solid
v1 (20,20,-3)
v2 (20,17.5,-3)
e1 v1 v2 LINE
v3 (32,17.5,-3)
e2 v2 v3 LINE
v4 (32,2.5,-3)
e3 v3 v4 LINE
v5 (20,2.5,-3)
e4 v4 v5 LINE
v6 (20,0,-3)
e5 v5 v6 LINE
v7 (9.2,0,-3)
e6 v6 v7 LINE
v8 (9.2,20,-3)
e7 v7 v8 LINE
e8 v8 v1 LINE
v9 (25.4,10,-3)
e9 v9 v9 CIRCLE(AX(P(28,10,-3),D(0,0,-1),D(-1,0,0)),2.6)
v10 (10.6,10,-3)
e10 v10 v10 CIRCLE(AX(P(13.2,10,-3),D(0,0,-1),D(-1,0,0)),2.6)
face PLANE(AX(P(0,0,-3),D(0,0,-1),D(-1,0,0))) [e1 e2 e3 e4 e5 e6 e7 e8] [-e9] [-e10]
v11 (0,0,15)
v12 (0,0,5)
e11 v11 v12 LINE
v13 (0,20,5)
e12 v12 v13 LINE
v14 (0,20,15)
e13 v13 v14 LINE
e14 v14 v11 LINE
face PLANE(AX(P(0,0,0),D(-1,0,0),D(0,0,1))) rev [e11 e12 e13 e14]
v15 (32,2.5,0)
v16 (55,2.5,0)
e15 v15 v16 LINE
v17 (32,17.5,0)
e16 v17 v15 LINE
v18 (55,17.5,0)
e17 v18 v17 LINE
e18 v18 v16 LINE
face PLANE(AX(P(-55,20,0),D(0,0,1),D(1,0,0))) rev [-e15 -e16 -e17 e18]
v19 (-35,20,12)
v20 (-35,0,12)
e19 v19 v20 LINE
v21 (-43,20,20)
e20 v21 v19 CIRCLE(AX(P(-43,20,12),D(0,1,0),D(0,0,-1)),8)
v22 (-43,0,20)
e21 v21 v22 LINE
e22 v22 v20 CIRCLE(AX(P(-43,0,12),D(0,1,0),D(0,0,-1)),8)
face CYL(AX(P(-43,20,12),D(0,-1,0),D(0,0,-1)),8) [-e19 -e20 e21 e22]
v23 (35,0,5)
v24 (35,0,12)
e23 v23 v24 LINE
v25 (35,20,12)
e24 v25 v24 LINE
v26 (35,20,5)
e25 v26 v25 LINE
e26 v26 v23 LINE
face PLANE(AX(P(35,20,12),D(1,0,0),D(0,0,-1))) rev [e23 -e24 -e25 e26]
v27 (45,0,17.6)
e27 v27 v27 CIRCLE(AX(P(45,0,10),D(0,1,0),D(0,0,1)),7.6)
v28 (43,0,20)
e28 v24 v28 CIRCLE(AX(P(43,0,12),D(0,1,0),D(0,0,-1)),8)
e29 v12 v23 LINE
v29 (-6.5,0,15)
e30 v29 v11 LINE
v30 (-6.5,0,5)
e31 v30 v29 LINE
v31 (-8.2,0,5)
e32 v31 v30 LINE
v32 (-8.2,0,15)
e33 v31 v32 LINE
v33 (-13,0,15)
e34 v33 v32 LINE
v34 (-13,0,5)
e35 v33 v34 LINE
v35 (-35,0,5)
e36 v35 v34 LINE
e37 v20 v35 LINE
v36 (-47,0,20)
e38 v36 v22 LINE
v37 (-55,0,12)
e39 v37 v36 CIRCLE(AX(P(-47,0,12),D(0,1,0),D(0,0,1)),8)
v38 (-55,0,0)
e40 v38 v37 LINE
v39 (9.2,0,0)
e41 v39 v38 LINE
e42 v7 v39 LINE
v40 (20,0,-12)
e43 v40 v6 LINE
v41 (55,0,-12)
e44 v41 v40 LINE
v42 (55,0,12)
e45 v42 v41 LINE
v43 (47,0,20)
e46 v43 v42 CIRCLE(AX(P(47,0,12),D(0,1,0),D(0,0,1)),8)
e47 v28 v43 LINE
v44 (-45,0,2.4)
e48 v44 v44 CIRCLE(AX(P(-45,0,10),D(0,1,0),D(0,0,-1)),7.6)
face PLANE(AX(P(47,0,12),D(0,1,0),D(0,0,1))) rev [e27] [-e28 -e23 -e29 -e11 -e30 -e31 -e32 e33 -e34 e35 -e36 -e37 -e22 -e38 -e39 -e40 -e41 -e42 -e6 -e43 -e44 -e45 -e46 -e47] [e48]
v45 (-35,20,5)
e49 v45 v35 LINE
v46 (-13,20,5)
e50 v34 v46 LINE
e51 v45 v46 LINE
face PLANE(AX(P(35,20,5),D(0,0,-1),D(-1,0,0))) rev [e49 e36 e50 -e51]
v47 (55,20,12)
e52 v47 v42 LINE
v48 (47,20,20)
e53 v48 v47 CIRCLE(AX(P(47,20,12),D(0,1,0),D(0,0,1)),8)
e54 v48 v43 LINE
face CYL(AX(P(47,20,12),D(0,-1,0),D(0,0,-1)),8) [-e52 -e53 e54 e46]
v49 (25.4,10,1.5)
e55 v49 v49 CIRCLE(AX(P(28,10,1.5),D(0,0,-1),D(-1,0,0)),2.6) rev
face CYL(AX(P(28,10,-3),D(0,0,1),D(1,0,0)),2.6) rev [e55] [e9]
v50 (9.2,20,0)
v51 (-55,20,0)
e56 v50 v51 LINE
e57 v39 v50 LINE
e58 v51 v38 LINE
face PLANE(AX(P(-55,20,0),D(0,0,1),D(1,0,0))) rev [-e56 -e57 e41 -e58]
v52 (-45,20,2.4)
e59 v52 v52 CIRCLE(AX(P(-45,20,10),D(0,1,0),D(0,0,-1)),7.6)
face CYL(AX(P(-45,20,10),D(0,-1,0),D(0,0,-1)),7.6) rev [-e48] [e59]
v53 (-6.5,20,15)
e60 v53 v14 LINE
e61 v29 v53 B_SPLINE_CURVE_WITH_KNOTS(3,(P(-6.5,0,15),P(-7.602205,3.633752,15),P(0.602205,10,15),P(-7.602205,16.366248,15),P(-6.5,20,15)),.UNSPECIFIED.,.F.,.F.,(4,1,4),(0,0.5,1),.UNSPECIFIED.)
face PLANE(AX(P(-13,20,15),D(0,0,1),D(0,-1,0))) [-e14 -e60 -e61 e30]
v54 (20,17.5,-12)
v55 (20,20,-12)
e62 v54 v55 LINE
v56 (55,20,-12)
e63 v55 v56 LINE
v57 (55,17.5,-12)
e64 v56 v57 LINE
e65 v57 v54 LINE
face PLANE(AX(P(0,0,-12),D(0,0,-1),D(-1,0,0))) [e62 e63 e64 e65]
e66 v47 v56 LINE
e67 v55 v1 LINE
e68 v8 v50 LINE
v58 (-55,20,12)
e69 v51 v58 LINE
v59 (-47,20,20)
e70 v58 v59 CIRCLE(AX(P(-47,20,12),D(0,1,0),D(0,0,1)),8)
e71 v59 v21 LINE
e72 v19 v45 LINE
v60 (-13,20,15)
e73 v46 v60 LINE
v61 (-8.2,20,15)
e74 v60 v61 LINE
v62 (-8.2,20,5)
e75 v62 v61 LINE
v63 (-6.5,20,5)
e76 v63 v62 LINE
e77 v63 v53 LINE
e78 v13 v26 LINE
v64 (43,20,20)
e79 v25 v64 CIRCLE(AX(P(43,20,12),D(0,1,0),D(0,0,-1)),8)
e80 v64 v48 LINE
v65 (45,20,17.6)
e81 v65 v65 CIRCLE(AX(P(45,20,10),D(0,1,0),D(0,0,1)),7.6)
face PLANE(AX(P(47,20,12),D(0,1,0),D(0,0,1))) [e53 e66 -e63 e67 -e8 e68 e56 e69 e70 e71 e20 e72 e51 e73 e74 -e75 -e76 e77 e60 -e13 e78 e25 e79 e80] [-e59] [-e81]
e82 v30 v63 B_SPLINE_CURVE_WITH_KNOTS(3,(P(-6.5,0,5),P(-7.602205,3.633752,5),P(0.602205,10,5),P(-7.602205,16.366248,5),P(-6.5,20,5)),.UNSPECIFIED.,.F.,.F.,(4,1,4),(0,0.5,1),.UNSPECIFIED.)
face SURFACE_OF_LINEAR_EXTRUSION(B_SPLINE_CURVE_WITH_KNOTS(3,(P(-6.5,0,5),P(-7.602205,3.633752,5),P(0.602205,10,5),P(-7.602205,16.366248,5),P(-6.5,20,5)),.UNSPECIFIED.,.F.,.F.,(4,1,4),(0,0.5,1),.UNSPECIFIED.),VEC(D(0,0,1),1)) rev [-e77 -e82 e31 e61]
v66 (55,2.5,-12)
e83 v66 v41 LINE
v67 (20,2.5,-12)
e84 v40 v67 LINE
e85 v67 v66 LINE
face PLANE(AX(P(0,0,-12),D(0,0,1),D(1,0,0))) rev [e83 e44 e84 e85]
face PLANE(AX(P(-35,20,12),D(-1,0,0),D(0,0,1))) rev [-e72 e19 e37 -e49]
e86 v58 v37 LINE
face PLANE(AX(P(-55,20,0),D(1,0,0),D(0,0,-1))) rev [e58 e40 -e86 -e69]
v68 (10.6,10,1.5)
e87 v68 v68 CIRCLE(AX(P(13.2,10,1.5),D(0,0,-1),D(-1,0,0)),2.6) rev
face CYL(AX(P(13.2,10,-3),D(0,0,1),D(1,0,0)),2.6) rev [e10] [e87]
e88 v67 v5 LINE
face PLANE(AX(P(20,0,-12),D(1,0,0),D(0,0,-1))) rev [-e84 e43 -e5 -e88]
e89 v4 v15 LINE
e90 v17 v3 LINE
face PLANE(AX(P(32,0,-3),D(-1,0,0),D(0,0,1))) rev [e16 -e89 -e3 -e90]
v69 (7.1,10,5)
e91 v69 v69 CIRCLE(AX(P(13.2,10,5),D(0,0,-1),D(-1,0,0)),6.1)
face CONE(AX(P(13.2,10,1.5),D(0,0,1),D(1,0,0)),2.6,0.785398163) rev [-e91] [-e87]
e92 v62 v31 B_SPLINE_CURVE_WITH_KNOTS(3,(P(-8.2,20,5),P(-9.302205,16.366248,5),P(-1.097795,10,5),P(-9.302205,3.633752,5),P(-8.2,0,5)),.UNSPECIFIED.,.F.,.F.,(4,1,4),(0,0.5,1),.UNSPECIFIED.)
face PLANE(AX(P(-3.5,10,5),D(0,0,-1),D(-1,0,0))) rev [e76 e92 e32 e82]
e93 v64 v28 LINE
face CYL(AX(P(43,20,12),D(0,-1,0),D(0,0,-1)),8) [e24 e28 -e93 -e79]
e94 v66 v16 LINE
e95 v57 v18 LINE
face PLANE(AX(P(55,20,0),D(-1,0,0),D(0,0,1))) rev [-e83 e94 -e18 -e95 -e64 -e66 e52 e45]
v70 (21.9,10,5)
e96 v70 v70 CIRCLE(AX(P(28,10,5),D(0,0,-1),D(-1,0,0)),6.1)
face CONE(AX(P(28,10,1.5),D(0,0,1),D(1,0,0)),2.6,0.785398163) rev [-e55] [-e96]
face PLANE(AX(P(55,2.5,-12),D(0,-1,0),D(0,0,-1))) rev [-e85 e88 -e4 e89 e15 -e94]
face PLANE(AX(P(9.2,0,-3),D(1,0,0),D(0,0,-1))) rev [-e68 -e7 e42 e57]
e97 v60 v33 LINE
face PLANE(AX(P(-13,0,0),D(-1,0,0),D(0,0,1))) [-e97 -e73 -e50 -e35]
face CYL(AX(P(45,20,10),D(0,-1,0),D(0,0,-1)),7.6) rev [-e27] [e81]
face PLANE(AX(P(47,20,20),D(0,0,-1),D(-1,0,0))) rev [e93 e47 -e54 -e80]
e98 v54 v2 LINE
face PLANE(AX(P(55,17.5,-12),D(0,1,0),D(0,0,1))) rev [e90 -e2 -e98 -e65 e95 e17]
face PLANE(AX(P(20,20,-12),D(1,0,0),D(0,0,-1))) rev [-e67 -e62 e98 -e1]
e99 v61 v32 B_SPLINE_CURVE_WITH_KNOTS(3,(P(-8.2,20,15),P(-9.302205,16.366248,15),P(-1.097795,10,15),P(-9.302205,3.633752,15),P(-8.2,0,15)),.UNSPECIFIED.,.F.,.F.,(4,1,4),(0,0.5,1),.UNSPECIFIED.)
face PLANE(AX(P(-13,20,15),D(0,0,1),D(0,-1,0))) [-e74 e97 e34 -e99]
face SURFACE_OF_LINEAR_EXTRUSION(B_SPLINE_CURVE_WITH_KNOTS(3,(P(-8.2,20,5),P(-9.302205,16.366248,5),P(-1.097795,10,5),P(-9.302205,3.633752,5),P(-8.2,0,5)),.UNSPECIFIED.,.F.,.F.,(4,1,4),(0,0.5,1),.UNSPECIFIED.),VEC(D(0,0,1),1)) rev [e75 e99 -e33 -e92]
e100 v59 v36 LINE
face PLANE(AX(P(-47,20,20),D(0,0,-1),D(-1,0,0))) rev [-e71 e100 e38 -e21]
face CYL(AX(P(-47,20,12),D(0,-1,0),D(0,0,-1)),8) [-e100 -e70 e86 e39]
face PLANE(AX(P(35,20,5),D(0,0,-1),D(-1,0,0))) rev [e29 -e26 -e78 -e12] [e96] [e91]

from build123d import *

# Parameters (mm, degrees)
ESQUISSE1_R                  = 7.6
BOSS_EXTRU_1_DEPTH           = 20
ESQUISSE8_W                  = 22.8
ESQUISSE8_H                  = 20
BOSS_EXTRU_4_DEPTH           = 3
ESQUISSE2_W                  = 35
ESQUISSE2_H                  = 2.5
BOSS_EXTRU_2_DEPTH           = 12
ESQUISSE3_R                  = 2.6
ENL_V_MAT_EXTRU_1_DEPTH      = 3
ENL_V_MAT_EXTRU_1_DEPTH_BACK = 22
CHANFREIN1_SIZE              = 3.5
ESQUISSE4_W                  = 10
ESQUISSE4_H                  = 20
BOSS_EXTRU_3_DEPTH           = 13
ENL_V_MAT_EXTRU_2_DEPTH      = 10


with BuildPart() as part:
    # Esquisse1 → Boss.-Extru.1 (new body)
    with BuildSketch(Plane(origin=(0, 0, 0), x_dir=(1, 0, 0), z_dir=(0, 1, 0))):
        with BuildLine():
            Line((47, -20), (43, -20))
            ThreePointArc((43, -20), (37.343145751, -17.656854249), (35, -12))
            Line((35, -12), (35, -5))
            Line((35, -5), (-35, -5))
            Line((-35, -5), (-35, -12))
            ThreePointArc((-35, -12), (-37.343145751, -17.656854249), (-43, -20))
            Line((-43, -20), (-47, -20))
            ThreePointArc((-47, -20), (-52.656854249, -17.656854249), (-55, -12))
            Line((-55, -12), (-55, 0))
            Line((-55, 0), (55, 0))
            Line((55, 0), (55, -12))
            ThreePointArc((55, -12), (52.656854249, -17.656854249), (47, -20))
        make_face()
        with Locations((45, -10)):
            Circle(ESQUISSE1_R, mode=Mode.SUBTRACT)
        with Locations((-45, -10)):
            Circle(ESQUISSE1_R, mode=Mode.SUBTRACT)
    extrude(amount=BOSS_EXTRU_1_DEPTH)

    # Esquisse8 → Boss.-Extru.4 (add)
    with BuildSketch(Plane(origin=(0, 0, 0), x_dir=(-1, 0, 0), z_dir=(0, 0, -1))):
        with Locations((-20.6, 10)):
            Rectangle(ESQUISSE8_W, ESQUISSE8_H)
    extrude(amount=BOSS_EXTRU_4_DEPTH)

    # Esquisse2 → Boss.-Extru.2 (add)
    with BuildSketch(Plane(origin=(0, 0, 0), x_dir=(-1, 0, 0), z_dir=(0, 0, -1))):
        with Locations((-37.5, 18.75)):
            Rectangle(ESQUISSE2_W, ESQUISSE2_H)
        with Locations((-37.5, 1.25)):
            Rectangle(ESQUISSE2_W, ESQUISSE2_H)
    extrude(amount=BOSS_EXTRU_2_DEPTH)

    # Esquisse3 → Enlèv. mat.-Extru.1 (cut, two sides)
    with BuildSketch(Plane(origin=(0, 0, 0), x_dir=(-1, 0, 0), z_dir=(0, 0, -1))) as enl_v_mat_extru_1_sk:
        with Locations((-13.2, 10)):
            Circle(ESQUISSE3_R)
        with Locations((-28, 10)):
            Circle(ESQUISSE3_R)
    extrude(amount=ENL_V_MAT_EXTRU_1_DEPTH, mode=Mode.SUBTRACT)
    extrude(enl_v_mat_extru_1_sk.sketch, amount=-ENL_V_MAT_EXTRU_1_DEPTH_BACK, mode=Mode.SUBTRACT)

    # Chanfrein1
    chanfrein1_edges = [part.edges().sort_by_distance(p)[0] for p in [
        (15.8, 10, 5),
        (30.6, 10, 5),
    ]]
    chamfer(chanfrein1_edges, length=CHANFREIN1_SIZE)

    # Esquisse4 → Boss.-Extru.3 (add)
    with BuildSketch(Plane(origin=(0, 0, 0), x_dir=(0, 0, -1), z_dir=(1, 0, 0))):
        with Locations((-10, 10)):
            Rectangle(ESQUISSE4_W, ESQUISSE4_H)
    extrude(amount=-BOSS_EXTRU_3_DEPTH)

    # Esquisse7 → Enlèv. mat.-Extru.2 (cut)
    with BuildSketch(Plane.XY.offset(15)):
        with BuildLine():
            Line((-8.2, 20), (-6.5, 20))
            add(Edge.make_bspline(
                [(-6.5, 20), (-7.602205078, 16.366247775), (0.602205078, 10), (-7.602205078, 3.633752225), (-6.5, 0)],
                knots=[0, 0, 0, 0, 0.5, 1, 1, 1, 1], degree=3))
            Line((-6.5, 0), (-8.2, 0))
            add(Edge.make_bspline(
                [(-8.2, 20), (-9.302205078, 16.366247775), (-1.097794922, 10), (-9.302205078, 3.633752225), (-8.2, 0)],
                knots=[0, 0, 0, 0, 0.5, 1, 1, 1, 1], degree=3))
        make_face()
    extrude(amount=-ENL_V_MAT_EXTRU_2_DEPTH, mode=Mode.SUBTRACT)


solid = part.part
